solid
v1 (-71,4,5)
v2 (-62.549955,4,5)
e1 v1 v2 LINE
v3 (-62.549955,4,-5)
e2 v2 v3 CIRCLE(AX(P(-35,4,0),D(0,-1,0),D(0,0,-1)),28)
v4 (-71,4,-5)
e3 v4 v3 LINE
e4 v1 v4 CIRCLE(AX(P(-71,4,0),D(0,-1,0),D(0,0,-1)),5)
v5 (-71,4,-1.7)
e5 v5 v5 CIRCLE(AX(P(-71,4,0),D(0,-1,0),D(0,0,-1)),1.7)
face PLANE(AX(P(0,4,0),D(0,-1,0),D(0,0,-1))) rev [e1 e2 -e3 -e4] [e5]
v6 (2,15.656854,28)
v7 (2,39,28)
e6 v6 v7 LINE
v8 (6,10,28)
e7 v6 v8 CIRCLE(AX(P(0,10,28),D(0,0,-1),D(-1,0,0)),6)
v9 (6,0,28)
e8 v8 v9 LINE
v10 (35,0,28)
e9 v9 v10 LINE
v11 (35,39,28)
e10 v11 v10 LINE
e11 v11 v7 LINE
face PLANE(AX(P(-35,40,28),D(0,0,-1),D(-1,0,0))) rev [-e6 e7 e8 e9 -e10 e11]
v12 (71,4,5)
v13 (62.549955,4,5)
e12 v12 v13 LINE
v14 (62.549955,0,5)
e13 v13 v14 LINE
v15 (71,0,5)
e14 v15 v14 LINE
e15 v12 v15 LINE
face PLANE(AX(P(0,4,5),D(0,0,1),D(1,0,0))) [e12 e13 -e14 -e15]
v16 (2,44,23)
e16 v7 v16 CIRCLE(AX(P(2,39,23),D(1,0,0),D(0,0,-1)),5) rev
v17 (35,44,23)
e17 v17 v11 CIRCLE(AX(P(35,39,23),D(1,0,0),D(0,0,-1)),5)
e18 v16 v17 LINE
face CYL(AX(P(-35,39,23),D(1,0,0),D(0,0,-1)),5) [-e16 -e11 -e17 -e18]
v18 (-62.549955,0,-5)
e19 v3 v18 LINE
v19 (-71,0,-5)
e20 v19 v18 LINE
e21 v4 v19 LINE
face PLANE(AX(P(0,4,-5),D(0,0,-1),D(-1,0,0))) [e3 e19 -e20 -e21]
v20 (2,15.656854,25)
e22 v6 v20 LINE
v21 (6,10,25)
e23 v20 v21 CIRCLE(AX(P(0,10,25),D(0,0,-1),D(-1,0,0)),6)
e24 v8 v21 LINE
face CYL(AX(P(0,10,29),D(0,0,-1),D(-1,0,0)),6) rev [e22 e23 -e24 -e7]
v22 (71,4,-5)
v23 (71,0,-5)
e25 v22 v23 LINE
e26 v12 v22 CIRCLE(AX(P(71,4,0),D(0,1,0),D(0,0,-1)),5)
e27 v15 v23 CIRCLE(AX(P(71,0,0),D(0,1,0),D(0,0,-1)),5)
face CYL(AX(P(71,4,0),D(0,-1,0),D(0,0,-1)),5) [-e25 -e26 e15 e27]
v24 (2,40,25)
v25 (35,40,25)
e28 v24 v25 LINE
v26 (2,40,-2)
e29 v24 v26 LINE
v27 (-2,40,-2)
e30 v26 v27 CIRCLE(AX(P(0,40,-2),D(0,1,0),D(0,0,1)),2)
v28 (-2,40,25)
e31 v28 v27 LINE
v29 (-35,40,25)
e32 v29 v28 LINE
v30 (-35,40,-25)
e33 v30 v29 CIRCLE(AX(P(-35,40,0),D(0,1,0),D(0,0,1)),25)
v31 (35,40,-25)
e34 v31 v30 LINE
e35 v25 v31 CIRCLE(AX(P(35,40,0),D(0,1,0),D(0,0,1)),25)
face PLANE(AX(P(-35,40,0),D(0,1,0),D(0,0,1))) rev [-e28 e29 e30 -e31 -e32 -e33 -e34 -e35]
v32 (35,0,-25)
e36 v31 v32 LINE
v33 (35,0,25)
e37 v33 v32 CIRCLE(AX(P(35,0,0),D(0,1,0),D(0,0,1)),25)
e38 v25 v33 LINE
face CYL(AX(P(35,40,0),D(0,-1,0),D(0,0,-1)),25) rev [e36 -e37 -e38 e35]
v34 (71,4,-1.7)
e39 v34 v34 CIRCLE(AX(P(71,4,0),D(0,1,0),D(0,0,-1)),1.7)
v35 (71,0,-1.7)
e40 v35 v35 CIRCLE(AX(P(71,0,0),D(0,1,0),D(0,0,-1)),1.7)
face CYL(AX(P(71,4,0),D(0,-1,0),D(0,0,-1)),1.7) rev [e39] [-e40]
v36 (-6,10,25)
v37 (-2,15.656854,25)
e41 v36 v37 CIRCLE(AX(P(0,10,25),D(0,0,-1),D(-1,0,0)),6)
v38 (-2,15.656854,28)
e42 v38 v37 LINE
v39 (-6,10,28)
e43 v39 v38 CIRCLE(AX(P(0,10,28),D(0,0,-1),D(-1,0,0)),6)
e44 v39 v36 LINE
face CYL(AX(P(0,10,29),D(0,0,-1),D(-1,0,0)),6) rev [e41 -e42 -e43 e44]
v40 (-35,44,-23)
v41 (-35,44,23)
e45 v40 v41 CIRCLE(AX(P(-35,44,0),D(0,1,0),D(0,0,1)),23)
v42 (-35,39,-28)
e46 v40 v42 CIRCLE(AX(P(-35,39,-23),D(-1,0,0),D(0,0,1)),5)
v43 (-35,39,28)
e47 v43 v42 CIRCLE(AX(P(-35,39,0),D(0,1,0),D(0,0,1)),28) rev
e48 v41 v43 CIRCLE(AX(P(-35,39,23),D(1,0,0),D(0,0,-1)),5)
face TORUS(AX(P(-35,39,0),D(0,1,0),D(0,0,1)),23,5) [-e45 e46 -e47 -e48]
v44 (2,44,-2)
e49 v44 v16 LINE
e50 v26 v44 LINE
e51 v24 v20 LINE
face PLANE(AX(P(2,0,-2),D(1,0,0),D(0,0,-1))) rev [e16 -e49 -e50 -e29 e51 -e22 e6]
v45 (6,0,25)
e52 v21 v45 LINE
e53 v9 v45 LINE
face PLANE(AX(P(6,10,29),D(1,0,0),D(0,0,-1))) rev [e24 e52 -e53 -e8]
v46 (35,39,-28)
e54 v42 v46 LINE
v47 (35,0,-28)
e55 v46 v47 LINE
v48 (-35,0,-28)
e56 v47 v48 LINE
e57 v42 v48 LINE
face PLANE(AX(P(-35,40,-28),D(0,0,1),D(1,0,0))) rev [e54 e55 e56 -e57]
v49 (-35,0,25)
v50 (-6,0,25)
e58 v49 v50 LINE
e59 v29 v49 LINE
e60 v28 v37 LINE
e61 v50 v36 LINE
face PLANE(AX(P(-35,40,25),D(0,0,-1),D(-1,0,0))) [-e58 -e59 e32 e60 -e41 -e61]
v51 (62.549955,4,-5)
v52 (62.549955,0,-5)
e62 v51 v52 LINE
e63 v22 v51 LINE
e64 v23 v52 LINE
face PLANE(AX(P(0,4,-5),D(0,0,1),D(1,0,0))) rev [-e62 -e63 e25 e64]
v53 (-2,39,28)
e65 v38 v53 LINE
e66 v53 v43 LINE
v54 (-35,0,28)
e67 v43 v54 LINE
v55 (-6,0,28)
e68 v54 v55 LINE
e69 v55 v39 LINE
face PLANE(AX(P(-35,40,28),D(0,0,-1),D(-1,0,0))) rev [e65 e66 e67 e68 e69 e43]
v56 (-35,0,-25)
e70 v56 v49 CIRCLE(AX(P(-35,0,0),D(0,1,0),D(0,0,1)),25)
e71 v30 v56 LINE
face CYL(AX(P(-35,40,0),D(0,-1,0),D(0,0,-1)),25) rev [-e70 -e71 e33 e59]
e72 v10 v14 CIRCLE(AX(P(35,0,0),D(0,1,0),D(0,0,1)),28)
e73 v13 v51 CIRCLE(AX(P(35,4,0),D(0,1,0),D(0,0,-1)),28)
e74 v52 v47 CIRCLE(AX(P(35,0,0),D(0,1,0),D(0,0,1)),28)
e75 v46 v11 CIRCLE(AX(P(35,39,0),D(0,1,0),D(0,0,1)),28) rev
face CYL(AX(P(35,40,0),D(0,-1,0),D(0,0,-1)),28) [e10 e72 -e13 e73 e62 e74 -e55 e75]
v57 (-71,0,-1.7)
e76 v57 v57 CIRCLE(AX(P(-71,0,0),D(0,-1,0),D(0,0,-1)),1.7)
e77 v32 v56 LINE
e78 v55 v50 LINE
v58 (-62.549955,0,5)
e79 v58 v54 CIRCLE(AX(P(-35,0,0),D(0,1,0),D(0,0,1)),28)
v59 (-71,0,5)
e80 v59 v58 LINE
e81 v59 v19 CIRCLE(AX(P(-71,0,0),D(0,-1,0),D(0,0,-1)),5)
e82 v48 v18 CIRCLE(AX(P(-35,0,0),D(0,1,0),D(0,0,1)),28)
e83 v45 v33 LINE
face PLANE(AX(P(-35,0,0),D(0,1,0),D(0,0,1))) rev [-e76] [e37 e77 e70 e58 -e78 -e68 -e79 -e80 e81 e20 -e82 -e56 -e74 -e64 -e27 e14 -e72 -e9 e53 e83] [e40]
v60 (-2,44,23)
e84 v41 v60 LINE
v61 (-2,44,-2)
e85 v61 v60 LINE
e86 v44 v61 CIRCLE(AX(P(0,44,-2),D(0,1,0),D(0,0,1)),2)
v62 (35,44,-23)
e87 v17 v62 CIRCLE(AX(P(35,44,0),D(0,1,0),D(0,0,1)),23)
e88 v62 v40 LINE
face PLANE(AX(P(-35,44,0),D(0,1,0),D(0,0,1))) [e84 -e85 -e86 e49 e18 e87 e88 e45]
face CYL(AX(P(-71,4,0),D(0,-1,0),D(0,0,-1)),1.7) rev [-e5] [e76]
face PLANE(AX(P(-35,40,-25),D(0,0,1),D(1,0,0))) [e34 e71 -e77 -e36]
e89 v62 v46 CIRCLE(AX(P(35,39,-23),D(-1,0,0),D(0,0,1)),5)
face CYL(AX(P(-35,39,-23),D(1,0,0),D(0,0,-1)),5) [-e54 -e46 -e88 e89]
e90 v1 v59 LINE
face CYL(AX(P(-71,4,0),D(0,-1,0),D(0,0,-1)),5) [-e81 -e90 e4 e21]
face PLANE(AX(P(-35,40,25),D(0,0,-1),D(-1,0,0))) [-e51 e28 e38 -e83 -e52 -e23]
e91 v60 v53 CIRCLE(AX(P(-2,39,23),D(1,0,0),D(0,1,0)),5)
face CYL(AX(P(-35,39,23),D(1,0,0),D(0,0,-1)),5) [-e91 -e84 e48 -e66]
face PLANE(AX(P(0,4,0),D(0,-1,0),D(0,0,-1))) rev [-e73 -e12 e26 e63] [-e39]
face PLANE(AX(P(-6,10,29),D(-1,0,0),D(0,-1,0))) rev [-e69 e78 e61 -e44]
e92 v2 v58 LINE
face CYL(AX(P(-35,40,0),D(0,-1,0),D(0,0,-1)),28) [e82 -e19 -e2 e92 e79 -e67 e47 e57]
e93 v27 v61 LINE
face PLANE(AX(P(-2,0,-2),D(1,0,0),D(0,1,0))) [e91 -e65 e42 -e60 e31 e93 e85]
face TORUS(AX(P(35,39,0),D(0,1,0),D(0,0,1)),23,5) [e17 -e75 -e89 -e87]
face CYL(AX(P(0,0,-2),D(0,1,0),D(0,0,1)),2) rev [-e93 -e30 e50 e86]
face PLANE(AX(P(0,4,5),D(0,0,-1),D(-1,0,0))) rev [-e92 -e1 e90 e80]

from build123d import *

# Parameters (mm, degrees)
BOSS_EXTRUDE1_DEPTH = 40
BOSS_EXTRUDE2_START = 40
BOSS_EXTRUDE2_DEPTH = 4
SKETCH3_R           = 1.7
BOSS_EXTRUDE3_DEPTH = 4
CUT_EXTRUDE1_DEPTH  = 4
SKETCH5_W           = 4
SKETCH5_H           = 44
CUT_EXTRUDE2_DEPTH  = 30
SKETCH6_R           = 2
CUT_EXTRUDE3_DEPTH  = 93.173748974
FILLET1_R           = 5


with BuildPart() as part:
    # Sketch1 → Boss-Extrude1 (new body)
    with BuildSketch(Plane(origin=(0, 0, 0), x_dir=(1, 0, 0), z_dir=(0, 1, 0))):
        with BuildLine():
            Line((-35, 28), (35, 28))
            ThreePointArc((35, 28), (63, 0), (35, -28))
            Line((35, -28), (-35, -28))
            ThreePointArc((-35, -28), (-63, 0), (-35, 28))
        make_face()
        with BuildLine():
            Line((-35, 25), (35, 25))
            ThreePointArc((35, 25), (60, 0), (35, -25))
            Line((35, -25), (-35, -25))
            ThreePointArc((-35, -25), (-60, 0), (-35, 25))
        make_face(mode=Mode.SUBTRACT)
    extrude(amount=BOSS_EXTRUDE1_DEPTH)

    # Sketch1<2> → Boss-Extrude2 (add)
    with BuildSketch(Plane(origin=(0, 0, 0), x_dir=(1, 0, 0), z_dir=(0, 1, 0)).offset(BOSS_EXTRUDE2_START)):
        with BuildLine():
            Line((-35, 28), (35, 28))
            ThreePointArc((35, 28), (63, 0), (35, -28))
            Line((35, -28), (-35, -28))
            ThreePointArc((-35, -28), (-63, 0), (-35, 28))
        make_face()
    extrude(amount=BOSS_EXTRUDE2_DEPTH)

    # Sketch3 → Boss-Extrude3 (add)
    with BuildSketch(Plane.XZ):
        with BuildLine():
            Line((-62.549954628, 5), (-71, 5))
            ThreePointArc((-71, 5), (-76, 0), (-71, -5))
            Line((-71, -5), (-62.549954628, -5))
            ThreePointArc((-62.549954628, -5), (-63, 0), (-62.549954628, 5))
        make_face()
        with Locations(Location((-71, 0, 0), (0, 0, 270))):
            Circle(SKETCH3_R, mode=Mode.SUBTRACT)
    boss_extrude3 = extrude(amount=-BOSS_EXTRUDE3_DEPTH)

    # Mirror1: Boss-Extrude3 across plane
    add(boss_extrude3.mirror(Plane(origin=(0, 0, 0), x_dir=(0, 0, 1), z_dir=(1, 0, 0))))

    # Sketch4 → Cut-Extrude1 (cut)
    with BuildSketch(Plane(origin=(0, 0, 25), x_dir=(-1, 0, 0), z_dir=(0, 0, -1))):
        with BuildLine():
            Line((6, 10), (6, 0))
            Line((6, 0), (-6, 0))
            Line((-6, 0), (-6, 10))
            ThreePointArc((-6, 10), (0, 16), (6, 10))
        make_face()
    extrude(amount=-CUT_EXTRUDE1_DEPTH, mode=Mode.SUBTRACT)

    # Sketch5 → Cut-Extrude2 (cut)
    with BuildSketch(Plane.XY.offset(28)):
        with Locations((0, 22)):
            Rectangle(SKETCH5_W, SKETCH5_H)
    extrude(amount=-CUT_EXTRUDE2_DEPTH, mode=Mode.SUBTRACT)

    # Sketch6 → Cut-Extrude3 (cut, through all)
    with BuildSketch(Plane(origin=(0, 44, 0), x_dir=(1, 0, 0), z_dir=(0, 1, 0))):
        with Locations((0, 2)):
            Circle(SKETCH6_R)
    extrude(amount=-CUT_EXTRUDE3_DEPTH, mode=Mode.SUBTRACT)

    # Fillet1
    fillet1_edges = [part.edges().sort_by_distance(p)[0] for p in [
        (18.5, 44, 28),
        (-63, 44, 0),
        (0, 44, -28),
        (63, 44, 0),
    ]]
    fillet(fillet1_edges, radius=FILLET1_R)


solid = part.part
